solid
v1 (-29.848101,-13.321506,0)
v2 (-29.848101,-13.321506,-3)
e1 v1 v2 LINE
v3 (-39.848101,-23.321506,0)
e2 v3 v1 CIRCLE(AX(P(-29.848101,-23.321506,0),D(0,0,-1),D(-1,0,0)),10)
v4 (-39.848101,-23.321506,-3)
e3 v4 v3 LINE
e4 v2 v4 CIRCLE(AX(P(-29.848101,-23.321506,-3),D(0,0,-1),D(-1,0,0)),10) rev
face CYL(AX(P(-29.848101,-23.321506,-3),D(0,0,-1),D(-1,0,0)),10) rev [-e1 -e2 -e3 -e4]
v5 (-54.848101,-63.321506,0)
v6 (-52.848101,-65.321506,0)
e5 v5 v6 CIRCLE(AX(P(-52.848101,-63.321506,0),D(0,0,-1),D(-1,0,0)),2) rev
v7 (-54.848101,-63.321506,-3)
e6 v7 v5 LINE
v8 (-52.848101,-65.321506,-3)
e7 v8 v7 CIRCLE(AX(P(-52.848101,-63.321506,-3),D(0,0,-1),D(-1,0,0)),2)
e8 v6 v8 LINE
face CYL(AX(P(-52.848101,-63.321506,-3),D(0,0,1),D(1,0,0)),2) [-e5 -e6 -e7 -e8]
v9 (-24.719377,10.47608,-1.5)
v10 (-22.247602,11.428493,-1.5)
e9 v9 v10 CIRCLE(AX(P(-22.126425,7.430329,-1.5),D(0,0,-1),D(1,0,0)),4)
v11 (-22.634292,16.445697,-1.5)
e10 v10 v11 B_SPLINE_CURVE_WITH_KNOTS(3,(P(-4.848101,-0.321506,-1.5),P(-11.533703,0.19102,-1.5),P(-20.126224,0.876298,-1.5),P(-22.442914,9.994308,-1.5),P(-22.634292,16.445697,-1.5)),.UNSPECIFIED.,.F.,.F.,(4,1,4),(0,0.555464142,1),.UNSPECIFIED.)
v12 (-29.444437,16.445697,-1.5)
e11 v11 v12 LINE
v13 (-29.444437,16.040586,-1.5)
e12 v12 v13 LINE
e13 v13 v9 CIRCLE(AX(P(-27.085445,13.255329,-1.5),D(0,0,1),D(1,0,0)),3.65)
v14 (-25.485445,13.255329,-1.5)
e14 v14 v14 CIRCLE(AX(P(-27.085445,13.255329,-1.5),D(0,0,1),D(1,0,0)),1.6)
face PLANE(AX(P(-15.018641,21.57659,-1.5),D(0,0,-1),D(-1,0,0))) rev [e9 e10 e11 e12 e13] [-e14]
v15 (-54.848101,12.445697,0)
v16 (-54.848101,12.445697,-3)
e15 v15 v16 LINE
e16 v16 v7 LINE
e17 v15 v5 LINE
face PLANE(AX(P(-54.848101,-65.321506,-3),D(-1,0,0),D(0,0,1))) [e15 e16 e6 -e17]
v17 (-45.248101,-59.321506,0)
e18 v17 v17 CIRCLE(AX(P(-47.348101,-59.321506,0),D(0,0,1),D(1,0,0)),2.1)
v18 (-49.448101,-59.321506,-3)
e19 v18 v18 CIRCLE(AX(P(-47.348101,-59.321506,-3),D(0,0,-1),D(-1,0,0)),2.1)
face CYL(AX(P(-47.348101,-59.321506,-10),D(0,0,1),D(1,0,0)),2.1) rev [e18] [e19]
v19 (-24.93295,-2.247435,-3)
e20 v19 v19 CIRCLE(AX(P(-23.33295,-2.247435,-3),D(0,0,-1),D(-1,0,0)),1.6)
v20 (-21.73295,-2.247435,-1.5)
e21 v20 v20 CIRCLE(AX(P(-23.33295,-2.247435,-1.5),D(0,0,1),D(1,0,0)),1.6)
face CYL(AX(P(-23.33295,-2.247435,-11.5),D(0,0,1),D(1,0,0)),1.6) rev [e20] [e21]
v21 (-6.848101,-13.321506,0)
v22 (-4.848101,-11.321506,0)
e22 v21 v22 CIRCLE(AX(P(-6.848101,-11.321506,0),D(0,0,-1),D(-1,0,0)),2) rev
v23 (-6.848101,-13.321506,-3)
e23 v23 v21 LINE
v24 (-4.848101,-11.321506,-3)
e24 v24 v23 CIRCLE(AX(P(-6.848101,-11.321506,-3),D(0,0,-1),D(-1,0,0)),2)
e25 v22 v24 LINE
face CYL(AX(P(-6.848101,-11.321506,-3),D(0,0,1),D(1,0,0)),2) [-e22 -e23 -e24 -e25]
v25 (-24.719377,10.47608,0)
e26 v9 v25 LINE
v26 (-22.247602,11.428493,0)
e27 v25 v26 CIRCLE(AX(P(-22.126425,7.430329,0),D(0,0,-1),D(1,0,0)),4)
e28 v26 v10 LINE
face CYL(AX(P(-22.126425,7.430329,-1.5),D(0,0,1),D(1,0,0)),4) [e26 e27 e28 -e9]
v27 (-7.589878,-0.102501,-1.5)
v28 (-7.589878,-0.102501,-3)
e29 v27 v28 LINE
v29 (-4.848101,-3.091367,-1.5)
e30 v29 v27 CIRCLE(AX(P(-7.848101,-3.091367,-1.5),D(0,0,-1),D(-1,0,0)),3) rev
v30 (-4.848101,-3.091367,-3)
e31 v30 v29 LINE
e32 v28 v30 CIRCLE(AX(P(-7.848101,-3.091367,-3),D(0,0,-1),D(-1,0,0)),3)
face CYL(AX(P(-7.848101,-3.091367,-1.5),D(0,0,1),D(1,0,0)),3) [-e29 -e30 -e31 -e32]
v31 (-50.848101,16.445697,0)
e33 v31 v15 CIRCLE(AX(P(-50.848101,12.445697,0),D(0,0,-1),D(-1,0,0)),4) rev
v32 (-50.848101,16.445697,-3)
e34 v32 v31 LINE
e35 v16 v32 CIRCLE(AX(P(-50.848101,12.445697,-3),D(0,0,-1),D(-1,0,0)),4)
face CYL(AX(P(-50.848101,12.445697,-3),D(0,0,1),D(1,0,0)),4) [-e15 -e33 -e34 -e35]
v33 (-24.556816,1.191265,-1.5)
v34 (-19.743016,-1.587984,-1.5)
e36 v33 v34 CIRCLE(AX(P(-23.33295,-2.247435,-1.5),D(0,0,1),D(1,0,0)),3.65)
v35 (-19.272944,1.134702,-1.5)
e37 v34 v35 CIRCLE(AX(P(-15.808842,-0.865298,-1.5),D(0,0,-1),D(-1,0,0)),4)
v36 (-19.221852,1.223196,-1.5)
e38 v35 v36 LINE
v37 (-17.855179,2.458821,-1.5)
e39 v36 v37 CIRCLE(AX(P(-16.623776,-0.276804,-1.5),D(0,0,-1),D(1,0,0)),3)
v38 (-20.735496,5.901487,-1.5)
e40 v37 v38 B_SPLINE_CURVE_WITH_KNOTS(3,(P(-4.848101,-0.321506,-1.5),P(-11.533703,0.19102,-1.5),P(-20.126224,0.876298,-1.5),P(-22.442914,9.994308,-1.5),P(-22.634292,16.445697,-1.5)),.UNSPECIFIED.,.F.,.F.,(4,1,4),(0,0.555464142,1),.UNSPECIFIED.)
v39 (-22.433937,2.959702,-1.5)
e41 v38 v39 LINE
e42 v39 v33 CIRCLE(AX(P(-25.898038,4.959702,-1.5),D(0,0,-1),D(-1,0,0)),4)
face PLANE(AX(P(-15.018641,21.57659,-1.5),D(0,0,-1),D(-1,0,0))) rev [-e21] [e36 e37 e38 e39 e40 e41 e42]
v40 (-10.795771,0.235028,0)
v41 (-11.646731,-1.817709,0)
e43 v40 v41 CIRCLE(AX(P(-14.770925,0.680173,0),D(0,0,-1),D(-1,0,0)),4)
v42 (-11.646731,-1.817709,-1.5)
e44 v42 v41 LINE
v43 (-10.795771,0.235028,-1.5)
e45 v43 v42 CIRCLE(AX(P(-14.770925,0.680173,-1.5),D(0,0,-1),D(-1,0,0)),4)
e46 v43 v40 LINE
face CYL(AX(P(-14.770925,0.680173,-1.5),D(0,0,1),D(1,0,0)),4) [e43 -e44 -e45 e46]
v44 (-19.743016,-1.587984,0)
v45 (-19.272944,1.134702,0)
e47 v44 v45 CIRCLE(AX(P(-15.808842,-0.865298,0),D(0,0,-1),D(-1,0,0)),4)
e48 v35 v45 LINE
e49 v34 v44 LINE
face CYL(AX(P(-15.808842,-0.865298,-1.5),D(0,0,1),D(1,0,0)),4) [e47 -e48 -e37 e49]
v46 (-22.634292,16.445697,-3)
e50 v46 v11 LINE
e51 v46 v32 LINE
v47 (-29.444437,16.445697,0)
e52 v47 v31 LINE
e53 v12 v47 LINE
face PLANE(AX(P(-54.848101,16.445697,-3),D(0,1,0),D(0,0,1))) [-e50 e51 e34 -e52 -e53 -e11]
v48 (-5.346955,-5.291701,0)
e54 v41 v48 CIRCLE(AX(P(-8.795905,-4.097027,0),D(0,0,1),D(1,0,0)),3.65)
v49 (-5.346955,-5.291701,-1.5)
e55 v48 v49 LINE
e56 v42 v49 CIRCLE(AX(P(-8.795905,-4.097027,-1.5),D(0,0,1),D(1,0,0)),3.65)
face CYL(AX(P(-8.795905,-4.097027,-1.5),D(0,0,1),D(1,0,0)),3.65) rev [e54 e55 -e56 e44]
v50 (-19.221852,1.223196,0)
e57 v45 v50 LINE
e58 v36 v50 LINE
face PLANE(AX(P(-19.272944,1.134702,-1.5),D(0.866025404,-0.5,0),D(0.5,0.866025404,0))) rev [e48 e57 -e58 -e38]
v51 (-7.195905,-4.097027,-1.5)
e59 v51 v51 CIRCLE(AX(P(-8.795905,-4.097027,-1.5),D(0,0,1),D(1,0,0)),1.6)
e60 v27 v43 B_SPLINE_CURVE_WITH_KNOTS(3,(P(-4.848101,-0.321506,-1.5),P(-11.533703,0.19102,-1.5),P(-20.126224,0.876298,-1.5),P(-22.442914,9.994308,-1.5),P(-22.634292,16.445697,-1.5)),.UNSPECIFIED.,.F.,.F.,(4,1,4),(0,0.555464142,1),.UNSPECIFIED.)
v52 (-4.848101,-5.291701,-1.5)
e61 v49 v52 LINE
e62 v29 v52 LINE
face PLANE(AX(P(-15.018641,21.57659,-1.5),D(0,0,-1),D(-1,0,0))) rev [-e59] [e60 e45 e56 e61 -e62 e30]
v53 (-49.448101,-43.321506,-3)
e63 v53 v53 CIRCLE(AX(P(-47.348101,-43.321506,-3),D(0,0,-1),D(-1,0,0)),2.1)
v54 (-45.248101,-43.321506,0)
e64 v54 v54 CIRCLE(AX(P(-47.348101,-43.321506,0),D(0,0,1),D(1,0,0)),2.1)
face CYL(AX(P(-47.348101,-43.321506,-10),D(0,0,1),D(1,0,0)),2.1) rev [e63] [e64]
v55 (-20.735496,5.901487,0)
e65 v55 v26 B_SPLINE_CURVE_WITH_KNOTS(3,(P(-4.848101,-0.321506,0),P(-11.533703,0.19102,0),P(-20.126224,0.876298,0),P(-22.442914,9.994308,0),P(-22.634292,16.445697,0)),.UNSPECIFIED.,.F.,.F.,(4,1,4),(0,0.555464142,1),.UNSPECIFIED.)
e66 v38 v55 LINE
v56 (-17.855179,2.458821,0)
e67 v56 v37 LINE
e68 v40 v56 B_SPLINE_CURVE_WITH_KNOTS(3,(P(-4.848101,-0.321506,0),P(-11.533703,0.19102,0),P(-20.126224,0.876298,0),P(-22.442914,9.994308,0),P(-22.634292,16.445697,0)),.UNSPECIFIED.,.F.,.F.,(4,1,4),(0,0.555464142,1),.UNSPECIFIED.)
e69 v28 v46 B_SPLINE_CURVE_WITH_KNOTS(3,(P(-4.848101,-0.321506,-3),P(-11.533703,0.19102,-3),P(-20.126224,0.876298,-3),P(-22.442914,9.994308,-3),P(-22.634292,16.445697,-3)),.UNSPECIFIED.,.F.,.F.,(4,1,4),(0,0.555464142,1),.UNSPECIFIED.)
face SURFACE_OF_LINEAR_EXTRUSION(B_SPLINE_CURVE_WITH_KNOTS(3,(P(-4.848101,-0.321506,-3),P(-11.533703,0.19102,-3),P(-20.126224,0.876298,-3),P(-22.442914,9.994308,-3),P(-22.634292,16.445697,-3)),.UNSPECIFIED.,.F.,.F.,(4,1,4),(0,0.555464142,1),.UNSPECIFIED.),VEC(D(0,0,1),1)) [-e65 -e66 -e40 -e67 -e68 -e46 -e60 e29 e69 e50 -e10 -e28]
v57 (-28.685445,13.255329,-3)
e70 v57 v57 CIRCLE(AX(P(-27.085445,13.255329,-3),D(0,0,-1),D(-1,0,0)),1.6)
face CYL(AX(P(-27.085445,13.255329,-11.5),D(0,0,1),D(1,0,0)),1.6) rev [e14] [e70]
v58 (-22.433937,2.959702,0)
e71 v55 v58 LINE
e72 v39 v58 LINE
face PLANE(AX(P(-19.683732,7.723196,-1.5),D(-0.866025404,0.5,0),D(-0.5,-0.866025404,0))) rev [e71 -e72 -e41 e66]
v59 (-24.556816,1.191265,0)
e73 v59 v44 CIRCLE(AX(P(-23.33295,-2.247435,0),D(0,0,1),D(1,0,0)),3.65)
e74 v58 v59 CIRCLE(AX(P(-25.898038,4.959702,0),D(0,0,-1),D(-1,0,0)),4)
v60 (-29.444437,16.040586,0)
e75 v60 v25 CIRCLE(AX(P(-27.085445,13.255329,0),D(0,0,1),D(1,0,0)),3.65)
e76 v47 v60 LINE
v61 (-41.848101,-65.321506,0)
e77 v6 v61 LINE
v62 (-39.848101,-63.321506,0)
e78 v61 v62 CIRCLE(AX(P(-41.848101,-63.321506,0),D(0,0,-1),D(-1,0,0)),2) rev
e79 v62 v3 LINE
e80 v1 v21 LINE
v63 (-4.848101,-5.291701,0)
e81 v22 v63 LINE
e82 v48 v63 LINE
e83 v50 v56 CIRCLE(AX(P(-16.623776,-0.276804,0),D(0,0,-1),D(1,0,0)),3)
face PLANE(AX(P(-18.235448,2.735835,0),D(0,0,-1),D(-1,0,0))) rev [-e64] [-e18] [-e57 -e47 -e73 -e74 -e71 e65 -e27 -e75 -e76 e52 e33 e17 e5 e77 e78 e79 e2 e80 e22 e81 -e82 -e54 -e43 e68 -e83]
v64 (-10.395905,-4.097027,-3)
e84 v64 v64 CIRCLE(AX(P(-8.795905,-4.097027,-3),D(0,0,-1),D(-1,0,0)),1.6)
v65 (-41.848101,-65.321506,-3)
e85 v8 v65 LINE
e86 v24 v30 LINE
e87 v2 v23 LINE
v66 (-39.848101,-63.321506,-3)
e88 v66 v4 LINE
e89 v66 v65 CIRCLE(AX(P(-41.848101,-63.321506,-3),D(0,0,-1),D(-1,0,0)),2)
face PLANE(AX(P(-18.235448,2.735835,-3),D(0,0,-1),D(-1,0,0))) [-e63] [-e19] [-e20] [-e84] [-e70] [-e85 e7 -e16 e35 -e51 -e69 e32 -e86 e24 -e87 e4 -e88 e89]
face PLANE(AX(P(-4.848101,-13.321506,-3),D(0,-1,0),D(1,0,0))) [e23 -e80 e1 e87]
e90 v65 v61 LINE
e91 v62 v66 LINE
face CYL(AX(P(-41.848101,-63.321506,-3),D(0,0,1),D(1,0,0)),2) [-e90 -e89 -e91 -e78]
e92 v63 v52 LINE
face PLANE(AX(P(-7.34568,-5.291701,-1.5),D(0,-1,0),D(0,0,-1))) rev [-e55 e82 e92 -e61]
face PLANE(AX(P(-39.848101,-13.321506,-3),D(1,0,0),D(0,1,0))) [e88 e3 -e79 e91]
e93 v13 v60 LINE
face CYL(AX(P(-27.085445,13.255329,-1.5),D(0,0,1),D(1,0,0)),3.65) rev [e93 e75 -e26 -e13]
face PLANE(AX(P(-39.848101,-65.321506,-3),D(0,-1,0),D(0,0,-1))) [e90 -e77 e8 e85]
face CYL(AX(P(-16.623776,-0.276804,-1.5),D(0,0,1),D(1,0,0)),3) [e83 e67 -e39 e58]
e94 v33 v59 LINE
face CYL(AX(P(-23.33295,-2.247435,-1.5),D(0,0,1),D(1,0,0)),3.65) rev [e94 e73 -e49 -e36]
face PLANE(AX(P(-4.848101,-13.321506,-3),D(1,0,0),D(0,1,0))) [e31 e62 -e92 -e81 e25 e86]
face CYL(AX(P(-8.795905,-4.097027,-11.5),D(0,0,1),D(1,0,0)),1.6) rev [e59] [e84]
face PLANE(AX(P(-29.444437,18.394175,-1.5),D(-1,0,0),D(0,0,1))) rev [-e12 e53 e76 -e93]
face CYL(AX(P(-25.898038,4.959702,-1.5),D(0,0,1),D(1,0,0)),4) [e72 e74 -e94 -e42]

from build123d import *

# Parameters (mm, degrees)
BOSS_EXTRUDE3_DEPTH = 3
FILLET1_R           = 2
SKETCH12_R          = 2.1
CUT_EXTRUDE5_DEPTH  = 10
FILLET5_R           = 4
FILLET6_R           = 3
FILLET7_R           = 10
CUT_EXTRUDE9_DEPTH  = 1.5
SKETCH17_W          = 7.951649766
SKETCH17_H          = 5.272619773
SKETCH17_W_2        = 3.894064167
SKETCH17_H_2        = 6.195846789
CUT_EXTRUDE10_DEPTH = 1.5
SKETCH18_R          = 1.6
CUT_EXTRUDE11_DEPTH = 10


with BuildPart() as part:
    # Sketch8 → Boss-Extrude3 (new body)
    with BuildSketch(Plane.XY):
        with BuildLine():
            Line((-4.848101441, -13.321505966), (-4.848101441, -0.321505966))
            add(Edge.make_bspline(
                [(-22.634292007, 16.445697007), (-22.442914483, 9.994307564), (-20.126223523, 0.876298034), (-11.53370308, 0.191019868), (-4.848101441, -0.321505966)],
                knots=[0, 0, 0, 0, 0.444535858, 1, 1, 1, 1], degree=3))
            Line((-22.634292007, 16.445697007), (-54.848101441, 16.445697007))
            Line((-54.848101441, 16.445697007), (-54.848101441, -65.321505966))
            Line((-54.848101441, -65.321505966), (-39.848101441, -65.321505966))
            Line((-39.848101441, -65.321505966), (-39.848101441, -13.321505966))
            Line((-39.848101441, -13.321505966), (-4.848101441, -13.321505966))
        make_face()
    extrude(amount=-BOSS_EXTRUDE3_DEPTH)

    # Fillet1
    fillet1_edges = [part.edges().sort_by_distance(p)[0] for p in [
        (-4.848101441, -13.321505966, -1.5),
        (-39.848101441, -65.321505966, -1.5),
        (-54.848101441, -65.321505966, -1.5),
    ]]
    fillet(fillet1_edges, radius=FILLET1_R)

    # Sketch12 → Cut-Extrude5 (cut)
    with BuildSketch(Plane.XY):
        with Locations((-47.348101441, -43.321505966)):
            Circle(SKETCH12_R)
        with Locations((-47.348101441, -59.321505966)):
            Circle(SKETCH12_R)
    extrude(amount=-CUT_EXTRUDE5_DEPTH, mode=Mode.SUBTRACT)

    # Fillet5
    fillet5_edges = [part.edges().sort_by_distance(p)[0] for p in [
        (-54.848101441, 16.445697007, -1.5),
    ]]
    fillet(fillet5_edges, radius=FILLET5_R)

    # Fillet6
    fillet6_edges = [part.edges().sort_by_distance(p)[0] for p in [
        (-4.848101441, -0.321505966, -1.5),
    ]]
    fillet(fillet6_edges, radius=FILLET6_R)

    # Fillet7
    fillet7_edges = [part.edges().sort_by_distance(p)[0] for p in [
        (-39.848101441, -13.321505966, -1.5),
    ]]
    fillet(fillet7_edges, radius=FILLET7_R)

    # Sketch16 → Cut-Extrude9 (cut)
    with BuildSketch(Plane.XY):
        with BuildLine():
            Line((-9.100213088, 21.316177145), (-9.209573917, 22.566177145))
            Line((-9.209573917, 22.566177145), (-11.640691005, 22.566177145))
            add(Edge.make_bspline(
                [(-11.640691005, 22.566177145), (-15.022495372, 19.340372794), (-15.924452017, 14.756685891)],
                knots=[0, 0, 0, 1, 1, 1], degree=2))
            ThreePointArc((-15.924452017, 14.756685891), (-15.222749011, 12.914891859), (-16.441177254, 11.365690457))
            add(Edge.make_bspline(
                [(-14.837210154, 6.041686336), (-16.459215455, 8.47618894), (-16.441177254, 11.365690457)],
                knots=[0, 0, 0, 1, 1, 1], degree=2))
            ThreePointArc((-14.837210154, 6.041686336), (-13.061711204, 6.261247316), (-11.820884577, 4.972467727))
            Line((-11.820884577, 4.972467727), (-6.820884577, 4.972467727))
            Line((-6.820884577, 4.972467727), (-6.820884577, 0.680172774))
            ThreePointArc((-6.820884577, 0.680172774), (-6.595588162, -0.64331234), (-5.945078154, -1.817709228))
            ThreePointArc((-5.945078154, -1.817709228), (-8.795904792, -7.747026555), (-11.646731431, -1.817709228))
            ThreePointArc((-11.646731431, -1.817709228), (-10.996221423, -0.64331234), (-10.770925007, 0.680172774))
            Line((-10.770925007, 0.680172774), (-10.770925007, 2.723195944))
            Line((-10.770925007, 2.723195944), (-12.604024539, 2.723195944))
            ThreePointArc((-12.604024539, 2.723195944), (-13.729925577, 2.376177145), (-14.855826616, 2.723195944))
            Line((-14.855826616, 2.723195944), (-16.623775808, 2.723195944))
            ThreePointArc((-16.623775808, 2.723195944), (-18.123775808, 2.321272155), (-19.22185202, 1.223195944))
            Line((-19.22185202, 1.223195944), (-19.272943939, 1.134702143))
            ThreePointArc((-19.272943939, 1.134702143), (-19.750526635, -0.18476513), (-19.743016315, -1.587983826))
            ThreePointArc((-19.743016315, -1.587983826), (-25.157950081, -5.408427498), (-24.556815691, 1.19126454))
            ThreePointArc((-24.556815691, 1.19126454), (-23.337837493, 1.88636976), (-22.433936663, 2.959702143))
            Line((-22.433936663, 2.959702143), (-19.683732235, 7.723195944))
            add(Edge.make_bspline(
                [(-19.683732235, 7.723195944), (-19.261177539, 8.547983183), (-18.924513654, 9.521118545), (-19.229981569, 11.075334784), (-20.358554935, 11.423731791), (-20.93203262, 11.430328812)],
                knots=[0, 0, 0, 0, 0.295584427, 0.638506801, 1, 1, 1, 1], degree=3))
            Line((-20.93203262, 11.430328812), (-22.12642518, 11.430328812))
            ThreePointArc((-22.12642518, 11.430328812), (-23.507908706, 11.184193923), (-24.719376585, 10.476080446))
            ThreePointArc((-24.719376585, 10.476080446), (-30.735444741, 13.255328812), (-24.719376585, 16.034577178))
            ThreePointArc((-24.719376585, 16.034577178), (-23.507908706, 15.326463702), (-22.12642518, 15.080328812))
            Line((-22.12642518, 15.080328812), (-20.976183849, 15.080328812))
            ThreePointArc((-20.976183849, 15.080328812), (-18.688287573, 15.799242006), (-17.222790707, 17.697563496))
            add(Edge.make_bspline(
                [(-11.640691005, 24.566177145), (-14.244308048, 22.933045591), (-16.184240838, 20.516614501), (-17.222790707, 17.697563496)],
                knots=[0, 0, 0, 0, 0.773209578, 0.773209578, 0.773209578, 0.773209578], degree=3))
            Line((-11.640691005, 24.566177145), (-8.140691005, 24.566177145))
            Line((-8.140691005, 24.566177145), (-8.140691005, 22.568020283))
            Line((-8.140691005, 22.568020283), (-8.250213088, 21.316177145))
            Line((-8.250213088, 21.316177145), (-9.100213088, 21.316177145))
        make_face()
    extrude(amount=-CUT_EXTRUDE9_DEPTH, mode=Mode.SUBTRACT)

    # Sketch17 → Cut-Extrude10 (cut)
    with BuildSketch(Plane.XY):
        with Locations((-25.46861182, 15.757865506)):
            Rectangle(SKETCH17_W, SKETCH17_H)
        with Locations((-5.398647621, -2.193777117)):
            Rectangle(SKETCH17_W_2, SKETCH17_H_2)
    extrude(amount=-CUT_EXTRUDE10_DEPTH, mode=Mode.SUBTRACT)

    # Sketch18 → Cut-Extrude11 (cut)
    with BuildSketch(Plane.XY.offset(-1.5)):
        with Locations((-27.085444741, 13.255328812)):
            Circle(SKETCH18_R)
        with Locations((-23.332950081, -2.247434774)):
            Circle(SKETCH18_R)
        with Locations((-8.795904792, -4.097026555)):
            Circle(SKETCH18_R)
    extrude(amount=-CUT_EXTRUDE11_DEPTH, mode=Mode.SUBTRACT)


solid = part.part
